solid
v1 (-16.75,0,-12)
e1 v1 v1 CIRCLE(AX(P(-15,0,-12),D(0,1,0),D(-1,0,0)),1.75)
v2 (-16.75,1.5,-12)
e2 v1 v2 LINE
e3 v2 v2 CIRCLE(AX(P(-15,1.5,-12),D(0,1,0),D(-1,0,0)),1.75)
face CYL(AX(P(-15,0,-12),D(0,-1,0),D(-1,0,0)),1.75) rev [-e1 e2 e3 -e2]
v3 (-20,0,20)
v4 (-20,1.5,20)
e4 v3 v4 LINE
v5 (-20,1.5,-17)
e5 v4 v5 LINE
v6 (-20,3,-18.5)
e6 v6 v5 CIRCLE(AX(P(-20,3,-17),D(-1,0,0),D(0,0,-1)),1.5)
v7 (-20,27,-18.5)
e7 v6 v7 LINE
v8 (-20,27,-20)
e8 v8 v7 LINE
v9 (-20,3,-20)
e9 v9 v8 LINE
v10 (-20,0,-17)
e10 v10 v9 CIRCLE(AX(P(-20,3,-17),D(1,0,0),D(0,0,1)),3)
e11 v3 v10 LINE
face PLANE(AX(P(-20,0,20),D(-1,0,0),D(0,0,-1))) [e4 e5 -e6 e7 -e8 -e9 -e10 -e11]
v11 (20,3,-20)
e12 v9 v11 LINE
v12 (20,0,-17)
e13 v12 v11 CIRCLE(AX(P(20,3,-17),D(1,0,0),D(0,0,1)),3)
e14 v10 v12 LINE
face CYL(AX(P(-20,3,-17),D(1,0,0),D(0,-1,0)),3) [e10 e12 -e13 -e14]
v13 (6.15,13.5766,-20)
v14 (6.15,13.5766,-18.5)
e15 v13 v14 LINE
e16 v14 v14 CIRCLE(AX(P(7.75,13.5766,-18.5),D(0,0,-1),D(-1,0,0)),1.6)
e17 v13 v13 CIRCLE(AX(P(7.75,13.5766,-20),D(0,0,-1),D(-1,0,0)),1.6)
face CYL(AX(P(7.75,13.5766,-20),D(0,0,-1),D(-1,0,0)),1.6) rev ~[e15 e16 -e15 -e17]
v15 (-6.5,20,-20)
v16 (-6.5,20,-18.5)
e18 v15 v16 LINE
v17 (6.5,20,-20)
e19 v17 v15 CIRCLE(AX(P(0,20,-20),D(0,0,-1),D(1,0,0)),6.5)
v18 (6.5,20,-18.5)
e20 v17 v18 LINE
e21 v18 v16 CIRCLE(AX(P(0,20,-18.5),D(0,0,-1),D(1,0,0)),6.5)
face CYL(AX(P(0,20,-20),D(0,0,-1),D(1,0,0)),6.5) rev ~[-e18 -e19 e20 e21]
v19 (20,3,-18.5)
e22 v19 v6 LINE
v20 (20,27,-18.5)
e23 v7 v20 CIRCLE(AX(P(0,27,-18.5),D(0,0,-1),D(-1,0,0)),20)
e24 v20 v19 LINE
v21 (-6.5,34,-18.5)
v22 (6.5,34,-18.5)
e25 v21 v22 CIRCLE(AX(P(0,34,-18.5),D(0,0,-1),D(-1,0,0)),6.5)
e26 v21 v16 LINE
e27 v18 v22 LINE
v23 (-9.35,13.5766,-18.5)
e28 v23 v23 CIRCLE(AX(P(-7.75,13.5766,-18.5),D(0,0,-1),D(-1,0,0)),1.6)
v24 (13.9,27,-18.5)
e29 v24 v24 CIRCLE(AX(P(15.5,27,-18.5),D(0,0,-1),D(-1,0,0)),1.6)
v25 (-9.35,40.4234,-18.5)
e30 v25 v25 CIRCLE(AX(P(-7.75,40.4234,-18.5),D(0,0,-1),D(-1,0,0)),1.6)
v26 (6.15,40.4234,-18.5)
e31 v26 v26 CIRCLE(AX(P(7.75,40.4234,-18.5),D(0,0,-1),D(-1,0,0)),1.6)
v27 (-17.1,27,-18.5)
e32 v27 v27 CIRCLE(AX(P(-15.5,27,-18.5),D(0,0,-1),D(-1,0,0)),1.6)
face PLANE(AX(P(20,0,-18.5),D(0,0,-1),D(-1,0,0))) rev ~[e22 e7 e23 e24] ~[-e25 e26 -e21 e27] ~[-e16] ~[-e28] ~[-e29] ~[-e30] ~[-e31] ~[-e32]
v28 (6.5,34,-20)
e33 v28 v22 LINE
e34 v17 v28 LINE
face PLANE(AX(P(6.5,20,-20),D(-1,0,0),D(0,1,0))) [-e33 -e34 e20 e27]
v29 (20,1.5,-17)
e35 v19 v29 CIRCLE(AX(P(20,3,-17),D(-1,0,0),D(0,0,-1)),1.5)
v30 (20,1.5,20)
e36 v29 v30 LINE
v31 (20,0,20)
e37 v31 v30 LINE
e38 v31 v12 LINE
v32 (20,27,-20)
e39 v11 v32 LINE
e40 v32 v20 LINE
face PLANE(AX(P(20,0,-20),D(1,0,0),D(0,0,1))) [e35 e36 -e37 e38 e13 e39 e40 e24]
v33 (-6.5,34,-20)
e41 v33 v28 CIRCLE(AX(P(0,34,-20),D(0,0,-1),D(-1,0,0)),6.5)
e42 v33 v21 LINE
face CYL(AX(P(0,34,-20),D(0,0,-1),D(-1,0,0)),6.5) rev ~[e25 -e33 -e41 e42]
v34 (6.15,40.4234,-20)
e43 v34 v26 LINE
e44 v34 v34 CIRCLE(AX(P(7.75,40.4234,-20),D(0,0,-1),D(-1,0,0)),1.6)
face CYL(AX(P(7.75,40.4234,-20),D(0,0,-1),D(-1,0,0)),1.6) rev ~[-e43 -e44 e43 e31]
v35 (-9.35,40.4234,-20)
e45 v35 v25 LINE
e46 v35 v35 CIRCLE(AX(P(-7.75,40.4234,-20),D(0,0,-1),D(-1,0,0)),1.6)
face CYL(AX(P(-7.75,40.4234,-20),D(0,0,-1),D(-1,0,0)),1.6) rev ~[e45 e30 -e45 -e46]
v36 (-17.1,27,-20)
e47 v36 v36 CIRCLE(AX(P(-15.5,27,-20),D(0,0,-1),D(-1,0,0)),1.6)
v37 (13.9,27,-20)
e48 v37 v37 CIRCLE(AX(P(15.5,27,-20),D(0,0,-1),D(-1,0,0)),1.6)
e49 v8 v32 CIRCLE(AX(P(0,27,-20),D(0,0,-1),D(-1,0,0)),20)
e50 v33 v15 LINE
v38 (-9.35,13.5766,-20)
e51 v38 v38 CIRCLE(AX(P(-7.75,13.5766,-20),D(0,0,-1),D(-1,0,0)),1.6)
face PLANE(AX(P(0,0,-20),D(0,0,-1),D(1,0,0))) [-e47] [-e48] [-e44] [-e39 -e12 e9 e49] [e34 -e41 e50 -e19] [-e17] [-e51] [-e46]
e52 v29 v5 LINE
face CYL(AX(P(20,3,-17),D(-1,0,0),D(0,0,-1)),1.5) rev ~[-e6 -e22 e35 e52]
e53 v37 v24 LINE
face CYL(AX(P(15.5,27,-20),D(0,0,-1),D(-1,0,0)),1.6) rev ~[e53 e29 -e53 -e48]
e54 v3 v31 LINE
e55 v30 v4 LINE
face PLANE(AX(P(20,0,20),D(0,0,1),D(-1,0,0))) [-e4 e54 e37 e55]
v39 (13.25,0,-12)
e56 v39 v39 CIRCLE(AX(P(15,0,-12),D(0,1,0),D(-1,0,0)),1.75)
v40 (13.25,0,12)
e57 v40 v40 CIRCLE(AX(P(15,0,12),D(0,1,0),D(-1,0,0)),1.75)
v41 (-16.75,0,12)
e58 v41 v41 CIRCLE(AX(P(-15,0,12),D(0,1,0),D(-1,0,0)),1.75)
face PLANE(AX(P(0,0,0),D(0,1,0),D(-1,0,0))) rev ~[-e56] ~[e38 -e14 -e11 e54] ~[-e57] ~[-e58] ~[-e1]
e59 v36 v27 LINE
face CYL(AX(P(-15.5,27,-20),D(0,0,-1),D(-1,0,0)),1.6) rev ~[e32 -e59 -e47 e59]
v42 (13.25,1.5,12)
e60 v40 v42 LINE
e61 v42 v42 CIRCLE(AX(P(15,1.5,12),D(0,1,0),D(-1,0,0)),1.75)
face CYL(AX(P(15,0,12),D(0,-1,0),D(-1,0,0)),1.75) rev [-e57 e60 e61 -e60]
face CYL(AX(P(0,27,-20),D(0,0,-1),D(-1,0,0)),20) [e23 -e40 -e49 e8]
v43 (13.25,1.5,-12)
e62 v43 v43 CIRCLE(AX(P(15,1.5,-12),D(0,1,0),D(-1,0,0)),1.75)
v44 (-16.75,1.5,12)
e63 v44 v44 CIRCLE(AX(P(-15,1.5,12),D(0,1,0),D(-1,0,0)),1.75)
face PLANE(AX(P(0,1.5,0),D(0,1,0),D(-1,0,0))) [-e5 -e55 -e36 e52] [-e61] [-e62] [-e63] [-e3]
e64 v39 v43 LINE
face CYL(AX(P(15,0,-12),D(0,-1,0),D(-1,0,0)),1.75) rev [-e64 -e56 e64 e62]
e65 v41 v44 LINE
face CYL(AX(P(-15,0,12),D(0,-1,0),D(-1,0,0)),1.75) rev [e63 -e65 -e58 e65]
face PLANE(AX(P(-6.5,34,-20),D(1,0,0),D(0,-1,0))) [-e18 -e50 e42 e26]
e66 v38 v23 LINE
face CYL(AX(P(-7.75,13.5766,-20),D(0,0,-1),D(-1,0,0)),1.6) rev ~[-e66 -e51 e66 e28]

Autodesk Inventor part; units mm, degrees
ref_plane "YZ Plane" through (0, 0, 0) normal (1, 0, 0) x (0, 1, 0)
ref_plane "XZ Plane" through (0, 0, 0) normal (0, 1, 0) x (-1, 0, 0)
ref_plane "XY Plane" through (0, 0, 0) normal (0, 0, 1) x (1, 0, 0)
sketch "草图1" plane through (0, 0, 0) normal (0, 1, 0) x (-1, 0, 0)
  line L0 (-20, 20) -> (20, 20)
  line L1 (20, 20) -> (20, -20)
  line L2 (20, -20) -> (-20, -20)
  line L3 (-20, -20) -> (-20, 20)
  line L4 (-20, 20) -> (20, -20) construction
  line L5 (20, 20) -> (-20, -20) construction
  line L6 (0, 40.4687) -> (0, -51.5947)
  line L7 (-15, -12) -> (15, -12) construction
  line L8 (15, -12) -> (15, 12) construction
  line L9 (15, 12) -> (-15, 12) construction
  line L10 (-15, 12) -> (-15, -12) construction
  line L11 (-15, -12) -> (15, 12) construction
  line L12 (15, -12) -> (-15, 12) construction
  circle A0 centre (15, 12) radius 1.75
  circle A1 centre (15, -12) radius 1.75
  circle A2 centre (-15, -12) radius 1.75
  circle A3 centre (-15, 12) radius 1.75
  point P0 (0, 0)
  point P1 (0, 0)
  dimension "d0" = 40
  dimension "d1" = 40
  dimension "d2" = 8
  dimension "d3" = 24
  dimension "d4" = 30
  dimension "d5" = 3.5
  dimension "d6" = 3.5
  dimension "d7" = 3.5
  dimension "d8" = 3.5
extrude "拉伸1" add sketch "草图1" along normal blind 1.5
sketch "草图3" plane through (20, 0, -20) normal (0, 0, -1) x (-1, 0, 0)
  line L0 (0, 0) -> (40, 0)
  line L1 (40, 0) -> (40, 27)
  line L2 (40, 47) -> (20, 47) construction
  line L3 (0, 27) -> (0, 0)
  line L4 (0, 0) -> (0, 1.5) projected
  line L5 (40, 0) -> (40, 1.5) projected
  arc A0 (40, 27) -> (0, 27) centre (20, 27) ccw
  line L6 (40, 27) -> (40, 47) construction
  line L7 (20, 20) -> (20, 34) construction
  line L8 (13.5, 20) -> (13.5, 34)
  line L9 (26.5, 34) -> (26.5, 20)
  arc A1 (13.5, 20) -> (26.5, 20) centre (20, 20) ccw
  arc A2 (26.5, 34) -> (13.5, 34) centre (20, 34) ccw
  circle A3 centre (20, 27) radius 15.5 construction
  circle A4 centre (4.5, 27) radius 1.6
  line L10 (20, 27) -> (4.5, 27) construction
  circle A5 centre (12.25, 13.5766) radius 1.6
  circle A6 centre (27.75, 13.5766) radius 1.6
  circle A7 centre (35.5, 27) radius 1.6
  circle A8 centre (27.75, 40.4234) radius 1.6
  circle A9 centre (12.25, 40.4234) radius 1.6
  point P0 (20, 0)
  dimension "d19" = 31
  dimension "d16" = 47
  dimension "d17" = 7
  dimension "d18" = 6.5
  dimension "d20" = 3.2
  dimension "d23" = 360
extrude "拉伸3" add sketch "草图3" against normal blind 1.5
fillet "圆角3" radius 3 1 edges at (0, 0, -20)
fillet "圆角4" radius 1.5 1 edges at (0, 1.5, -18.5)
properties part number "电机支架"
